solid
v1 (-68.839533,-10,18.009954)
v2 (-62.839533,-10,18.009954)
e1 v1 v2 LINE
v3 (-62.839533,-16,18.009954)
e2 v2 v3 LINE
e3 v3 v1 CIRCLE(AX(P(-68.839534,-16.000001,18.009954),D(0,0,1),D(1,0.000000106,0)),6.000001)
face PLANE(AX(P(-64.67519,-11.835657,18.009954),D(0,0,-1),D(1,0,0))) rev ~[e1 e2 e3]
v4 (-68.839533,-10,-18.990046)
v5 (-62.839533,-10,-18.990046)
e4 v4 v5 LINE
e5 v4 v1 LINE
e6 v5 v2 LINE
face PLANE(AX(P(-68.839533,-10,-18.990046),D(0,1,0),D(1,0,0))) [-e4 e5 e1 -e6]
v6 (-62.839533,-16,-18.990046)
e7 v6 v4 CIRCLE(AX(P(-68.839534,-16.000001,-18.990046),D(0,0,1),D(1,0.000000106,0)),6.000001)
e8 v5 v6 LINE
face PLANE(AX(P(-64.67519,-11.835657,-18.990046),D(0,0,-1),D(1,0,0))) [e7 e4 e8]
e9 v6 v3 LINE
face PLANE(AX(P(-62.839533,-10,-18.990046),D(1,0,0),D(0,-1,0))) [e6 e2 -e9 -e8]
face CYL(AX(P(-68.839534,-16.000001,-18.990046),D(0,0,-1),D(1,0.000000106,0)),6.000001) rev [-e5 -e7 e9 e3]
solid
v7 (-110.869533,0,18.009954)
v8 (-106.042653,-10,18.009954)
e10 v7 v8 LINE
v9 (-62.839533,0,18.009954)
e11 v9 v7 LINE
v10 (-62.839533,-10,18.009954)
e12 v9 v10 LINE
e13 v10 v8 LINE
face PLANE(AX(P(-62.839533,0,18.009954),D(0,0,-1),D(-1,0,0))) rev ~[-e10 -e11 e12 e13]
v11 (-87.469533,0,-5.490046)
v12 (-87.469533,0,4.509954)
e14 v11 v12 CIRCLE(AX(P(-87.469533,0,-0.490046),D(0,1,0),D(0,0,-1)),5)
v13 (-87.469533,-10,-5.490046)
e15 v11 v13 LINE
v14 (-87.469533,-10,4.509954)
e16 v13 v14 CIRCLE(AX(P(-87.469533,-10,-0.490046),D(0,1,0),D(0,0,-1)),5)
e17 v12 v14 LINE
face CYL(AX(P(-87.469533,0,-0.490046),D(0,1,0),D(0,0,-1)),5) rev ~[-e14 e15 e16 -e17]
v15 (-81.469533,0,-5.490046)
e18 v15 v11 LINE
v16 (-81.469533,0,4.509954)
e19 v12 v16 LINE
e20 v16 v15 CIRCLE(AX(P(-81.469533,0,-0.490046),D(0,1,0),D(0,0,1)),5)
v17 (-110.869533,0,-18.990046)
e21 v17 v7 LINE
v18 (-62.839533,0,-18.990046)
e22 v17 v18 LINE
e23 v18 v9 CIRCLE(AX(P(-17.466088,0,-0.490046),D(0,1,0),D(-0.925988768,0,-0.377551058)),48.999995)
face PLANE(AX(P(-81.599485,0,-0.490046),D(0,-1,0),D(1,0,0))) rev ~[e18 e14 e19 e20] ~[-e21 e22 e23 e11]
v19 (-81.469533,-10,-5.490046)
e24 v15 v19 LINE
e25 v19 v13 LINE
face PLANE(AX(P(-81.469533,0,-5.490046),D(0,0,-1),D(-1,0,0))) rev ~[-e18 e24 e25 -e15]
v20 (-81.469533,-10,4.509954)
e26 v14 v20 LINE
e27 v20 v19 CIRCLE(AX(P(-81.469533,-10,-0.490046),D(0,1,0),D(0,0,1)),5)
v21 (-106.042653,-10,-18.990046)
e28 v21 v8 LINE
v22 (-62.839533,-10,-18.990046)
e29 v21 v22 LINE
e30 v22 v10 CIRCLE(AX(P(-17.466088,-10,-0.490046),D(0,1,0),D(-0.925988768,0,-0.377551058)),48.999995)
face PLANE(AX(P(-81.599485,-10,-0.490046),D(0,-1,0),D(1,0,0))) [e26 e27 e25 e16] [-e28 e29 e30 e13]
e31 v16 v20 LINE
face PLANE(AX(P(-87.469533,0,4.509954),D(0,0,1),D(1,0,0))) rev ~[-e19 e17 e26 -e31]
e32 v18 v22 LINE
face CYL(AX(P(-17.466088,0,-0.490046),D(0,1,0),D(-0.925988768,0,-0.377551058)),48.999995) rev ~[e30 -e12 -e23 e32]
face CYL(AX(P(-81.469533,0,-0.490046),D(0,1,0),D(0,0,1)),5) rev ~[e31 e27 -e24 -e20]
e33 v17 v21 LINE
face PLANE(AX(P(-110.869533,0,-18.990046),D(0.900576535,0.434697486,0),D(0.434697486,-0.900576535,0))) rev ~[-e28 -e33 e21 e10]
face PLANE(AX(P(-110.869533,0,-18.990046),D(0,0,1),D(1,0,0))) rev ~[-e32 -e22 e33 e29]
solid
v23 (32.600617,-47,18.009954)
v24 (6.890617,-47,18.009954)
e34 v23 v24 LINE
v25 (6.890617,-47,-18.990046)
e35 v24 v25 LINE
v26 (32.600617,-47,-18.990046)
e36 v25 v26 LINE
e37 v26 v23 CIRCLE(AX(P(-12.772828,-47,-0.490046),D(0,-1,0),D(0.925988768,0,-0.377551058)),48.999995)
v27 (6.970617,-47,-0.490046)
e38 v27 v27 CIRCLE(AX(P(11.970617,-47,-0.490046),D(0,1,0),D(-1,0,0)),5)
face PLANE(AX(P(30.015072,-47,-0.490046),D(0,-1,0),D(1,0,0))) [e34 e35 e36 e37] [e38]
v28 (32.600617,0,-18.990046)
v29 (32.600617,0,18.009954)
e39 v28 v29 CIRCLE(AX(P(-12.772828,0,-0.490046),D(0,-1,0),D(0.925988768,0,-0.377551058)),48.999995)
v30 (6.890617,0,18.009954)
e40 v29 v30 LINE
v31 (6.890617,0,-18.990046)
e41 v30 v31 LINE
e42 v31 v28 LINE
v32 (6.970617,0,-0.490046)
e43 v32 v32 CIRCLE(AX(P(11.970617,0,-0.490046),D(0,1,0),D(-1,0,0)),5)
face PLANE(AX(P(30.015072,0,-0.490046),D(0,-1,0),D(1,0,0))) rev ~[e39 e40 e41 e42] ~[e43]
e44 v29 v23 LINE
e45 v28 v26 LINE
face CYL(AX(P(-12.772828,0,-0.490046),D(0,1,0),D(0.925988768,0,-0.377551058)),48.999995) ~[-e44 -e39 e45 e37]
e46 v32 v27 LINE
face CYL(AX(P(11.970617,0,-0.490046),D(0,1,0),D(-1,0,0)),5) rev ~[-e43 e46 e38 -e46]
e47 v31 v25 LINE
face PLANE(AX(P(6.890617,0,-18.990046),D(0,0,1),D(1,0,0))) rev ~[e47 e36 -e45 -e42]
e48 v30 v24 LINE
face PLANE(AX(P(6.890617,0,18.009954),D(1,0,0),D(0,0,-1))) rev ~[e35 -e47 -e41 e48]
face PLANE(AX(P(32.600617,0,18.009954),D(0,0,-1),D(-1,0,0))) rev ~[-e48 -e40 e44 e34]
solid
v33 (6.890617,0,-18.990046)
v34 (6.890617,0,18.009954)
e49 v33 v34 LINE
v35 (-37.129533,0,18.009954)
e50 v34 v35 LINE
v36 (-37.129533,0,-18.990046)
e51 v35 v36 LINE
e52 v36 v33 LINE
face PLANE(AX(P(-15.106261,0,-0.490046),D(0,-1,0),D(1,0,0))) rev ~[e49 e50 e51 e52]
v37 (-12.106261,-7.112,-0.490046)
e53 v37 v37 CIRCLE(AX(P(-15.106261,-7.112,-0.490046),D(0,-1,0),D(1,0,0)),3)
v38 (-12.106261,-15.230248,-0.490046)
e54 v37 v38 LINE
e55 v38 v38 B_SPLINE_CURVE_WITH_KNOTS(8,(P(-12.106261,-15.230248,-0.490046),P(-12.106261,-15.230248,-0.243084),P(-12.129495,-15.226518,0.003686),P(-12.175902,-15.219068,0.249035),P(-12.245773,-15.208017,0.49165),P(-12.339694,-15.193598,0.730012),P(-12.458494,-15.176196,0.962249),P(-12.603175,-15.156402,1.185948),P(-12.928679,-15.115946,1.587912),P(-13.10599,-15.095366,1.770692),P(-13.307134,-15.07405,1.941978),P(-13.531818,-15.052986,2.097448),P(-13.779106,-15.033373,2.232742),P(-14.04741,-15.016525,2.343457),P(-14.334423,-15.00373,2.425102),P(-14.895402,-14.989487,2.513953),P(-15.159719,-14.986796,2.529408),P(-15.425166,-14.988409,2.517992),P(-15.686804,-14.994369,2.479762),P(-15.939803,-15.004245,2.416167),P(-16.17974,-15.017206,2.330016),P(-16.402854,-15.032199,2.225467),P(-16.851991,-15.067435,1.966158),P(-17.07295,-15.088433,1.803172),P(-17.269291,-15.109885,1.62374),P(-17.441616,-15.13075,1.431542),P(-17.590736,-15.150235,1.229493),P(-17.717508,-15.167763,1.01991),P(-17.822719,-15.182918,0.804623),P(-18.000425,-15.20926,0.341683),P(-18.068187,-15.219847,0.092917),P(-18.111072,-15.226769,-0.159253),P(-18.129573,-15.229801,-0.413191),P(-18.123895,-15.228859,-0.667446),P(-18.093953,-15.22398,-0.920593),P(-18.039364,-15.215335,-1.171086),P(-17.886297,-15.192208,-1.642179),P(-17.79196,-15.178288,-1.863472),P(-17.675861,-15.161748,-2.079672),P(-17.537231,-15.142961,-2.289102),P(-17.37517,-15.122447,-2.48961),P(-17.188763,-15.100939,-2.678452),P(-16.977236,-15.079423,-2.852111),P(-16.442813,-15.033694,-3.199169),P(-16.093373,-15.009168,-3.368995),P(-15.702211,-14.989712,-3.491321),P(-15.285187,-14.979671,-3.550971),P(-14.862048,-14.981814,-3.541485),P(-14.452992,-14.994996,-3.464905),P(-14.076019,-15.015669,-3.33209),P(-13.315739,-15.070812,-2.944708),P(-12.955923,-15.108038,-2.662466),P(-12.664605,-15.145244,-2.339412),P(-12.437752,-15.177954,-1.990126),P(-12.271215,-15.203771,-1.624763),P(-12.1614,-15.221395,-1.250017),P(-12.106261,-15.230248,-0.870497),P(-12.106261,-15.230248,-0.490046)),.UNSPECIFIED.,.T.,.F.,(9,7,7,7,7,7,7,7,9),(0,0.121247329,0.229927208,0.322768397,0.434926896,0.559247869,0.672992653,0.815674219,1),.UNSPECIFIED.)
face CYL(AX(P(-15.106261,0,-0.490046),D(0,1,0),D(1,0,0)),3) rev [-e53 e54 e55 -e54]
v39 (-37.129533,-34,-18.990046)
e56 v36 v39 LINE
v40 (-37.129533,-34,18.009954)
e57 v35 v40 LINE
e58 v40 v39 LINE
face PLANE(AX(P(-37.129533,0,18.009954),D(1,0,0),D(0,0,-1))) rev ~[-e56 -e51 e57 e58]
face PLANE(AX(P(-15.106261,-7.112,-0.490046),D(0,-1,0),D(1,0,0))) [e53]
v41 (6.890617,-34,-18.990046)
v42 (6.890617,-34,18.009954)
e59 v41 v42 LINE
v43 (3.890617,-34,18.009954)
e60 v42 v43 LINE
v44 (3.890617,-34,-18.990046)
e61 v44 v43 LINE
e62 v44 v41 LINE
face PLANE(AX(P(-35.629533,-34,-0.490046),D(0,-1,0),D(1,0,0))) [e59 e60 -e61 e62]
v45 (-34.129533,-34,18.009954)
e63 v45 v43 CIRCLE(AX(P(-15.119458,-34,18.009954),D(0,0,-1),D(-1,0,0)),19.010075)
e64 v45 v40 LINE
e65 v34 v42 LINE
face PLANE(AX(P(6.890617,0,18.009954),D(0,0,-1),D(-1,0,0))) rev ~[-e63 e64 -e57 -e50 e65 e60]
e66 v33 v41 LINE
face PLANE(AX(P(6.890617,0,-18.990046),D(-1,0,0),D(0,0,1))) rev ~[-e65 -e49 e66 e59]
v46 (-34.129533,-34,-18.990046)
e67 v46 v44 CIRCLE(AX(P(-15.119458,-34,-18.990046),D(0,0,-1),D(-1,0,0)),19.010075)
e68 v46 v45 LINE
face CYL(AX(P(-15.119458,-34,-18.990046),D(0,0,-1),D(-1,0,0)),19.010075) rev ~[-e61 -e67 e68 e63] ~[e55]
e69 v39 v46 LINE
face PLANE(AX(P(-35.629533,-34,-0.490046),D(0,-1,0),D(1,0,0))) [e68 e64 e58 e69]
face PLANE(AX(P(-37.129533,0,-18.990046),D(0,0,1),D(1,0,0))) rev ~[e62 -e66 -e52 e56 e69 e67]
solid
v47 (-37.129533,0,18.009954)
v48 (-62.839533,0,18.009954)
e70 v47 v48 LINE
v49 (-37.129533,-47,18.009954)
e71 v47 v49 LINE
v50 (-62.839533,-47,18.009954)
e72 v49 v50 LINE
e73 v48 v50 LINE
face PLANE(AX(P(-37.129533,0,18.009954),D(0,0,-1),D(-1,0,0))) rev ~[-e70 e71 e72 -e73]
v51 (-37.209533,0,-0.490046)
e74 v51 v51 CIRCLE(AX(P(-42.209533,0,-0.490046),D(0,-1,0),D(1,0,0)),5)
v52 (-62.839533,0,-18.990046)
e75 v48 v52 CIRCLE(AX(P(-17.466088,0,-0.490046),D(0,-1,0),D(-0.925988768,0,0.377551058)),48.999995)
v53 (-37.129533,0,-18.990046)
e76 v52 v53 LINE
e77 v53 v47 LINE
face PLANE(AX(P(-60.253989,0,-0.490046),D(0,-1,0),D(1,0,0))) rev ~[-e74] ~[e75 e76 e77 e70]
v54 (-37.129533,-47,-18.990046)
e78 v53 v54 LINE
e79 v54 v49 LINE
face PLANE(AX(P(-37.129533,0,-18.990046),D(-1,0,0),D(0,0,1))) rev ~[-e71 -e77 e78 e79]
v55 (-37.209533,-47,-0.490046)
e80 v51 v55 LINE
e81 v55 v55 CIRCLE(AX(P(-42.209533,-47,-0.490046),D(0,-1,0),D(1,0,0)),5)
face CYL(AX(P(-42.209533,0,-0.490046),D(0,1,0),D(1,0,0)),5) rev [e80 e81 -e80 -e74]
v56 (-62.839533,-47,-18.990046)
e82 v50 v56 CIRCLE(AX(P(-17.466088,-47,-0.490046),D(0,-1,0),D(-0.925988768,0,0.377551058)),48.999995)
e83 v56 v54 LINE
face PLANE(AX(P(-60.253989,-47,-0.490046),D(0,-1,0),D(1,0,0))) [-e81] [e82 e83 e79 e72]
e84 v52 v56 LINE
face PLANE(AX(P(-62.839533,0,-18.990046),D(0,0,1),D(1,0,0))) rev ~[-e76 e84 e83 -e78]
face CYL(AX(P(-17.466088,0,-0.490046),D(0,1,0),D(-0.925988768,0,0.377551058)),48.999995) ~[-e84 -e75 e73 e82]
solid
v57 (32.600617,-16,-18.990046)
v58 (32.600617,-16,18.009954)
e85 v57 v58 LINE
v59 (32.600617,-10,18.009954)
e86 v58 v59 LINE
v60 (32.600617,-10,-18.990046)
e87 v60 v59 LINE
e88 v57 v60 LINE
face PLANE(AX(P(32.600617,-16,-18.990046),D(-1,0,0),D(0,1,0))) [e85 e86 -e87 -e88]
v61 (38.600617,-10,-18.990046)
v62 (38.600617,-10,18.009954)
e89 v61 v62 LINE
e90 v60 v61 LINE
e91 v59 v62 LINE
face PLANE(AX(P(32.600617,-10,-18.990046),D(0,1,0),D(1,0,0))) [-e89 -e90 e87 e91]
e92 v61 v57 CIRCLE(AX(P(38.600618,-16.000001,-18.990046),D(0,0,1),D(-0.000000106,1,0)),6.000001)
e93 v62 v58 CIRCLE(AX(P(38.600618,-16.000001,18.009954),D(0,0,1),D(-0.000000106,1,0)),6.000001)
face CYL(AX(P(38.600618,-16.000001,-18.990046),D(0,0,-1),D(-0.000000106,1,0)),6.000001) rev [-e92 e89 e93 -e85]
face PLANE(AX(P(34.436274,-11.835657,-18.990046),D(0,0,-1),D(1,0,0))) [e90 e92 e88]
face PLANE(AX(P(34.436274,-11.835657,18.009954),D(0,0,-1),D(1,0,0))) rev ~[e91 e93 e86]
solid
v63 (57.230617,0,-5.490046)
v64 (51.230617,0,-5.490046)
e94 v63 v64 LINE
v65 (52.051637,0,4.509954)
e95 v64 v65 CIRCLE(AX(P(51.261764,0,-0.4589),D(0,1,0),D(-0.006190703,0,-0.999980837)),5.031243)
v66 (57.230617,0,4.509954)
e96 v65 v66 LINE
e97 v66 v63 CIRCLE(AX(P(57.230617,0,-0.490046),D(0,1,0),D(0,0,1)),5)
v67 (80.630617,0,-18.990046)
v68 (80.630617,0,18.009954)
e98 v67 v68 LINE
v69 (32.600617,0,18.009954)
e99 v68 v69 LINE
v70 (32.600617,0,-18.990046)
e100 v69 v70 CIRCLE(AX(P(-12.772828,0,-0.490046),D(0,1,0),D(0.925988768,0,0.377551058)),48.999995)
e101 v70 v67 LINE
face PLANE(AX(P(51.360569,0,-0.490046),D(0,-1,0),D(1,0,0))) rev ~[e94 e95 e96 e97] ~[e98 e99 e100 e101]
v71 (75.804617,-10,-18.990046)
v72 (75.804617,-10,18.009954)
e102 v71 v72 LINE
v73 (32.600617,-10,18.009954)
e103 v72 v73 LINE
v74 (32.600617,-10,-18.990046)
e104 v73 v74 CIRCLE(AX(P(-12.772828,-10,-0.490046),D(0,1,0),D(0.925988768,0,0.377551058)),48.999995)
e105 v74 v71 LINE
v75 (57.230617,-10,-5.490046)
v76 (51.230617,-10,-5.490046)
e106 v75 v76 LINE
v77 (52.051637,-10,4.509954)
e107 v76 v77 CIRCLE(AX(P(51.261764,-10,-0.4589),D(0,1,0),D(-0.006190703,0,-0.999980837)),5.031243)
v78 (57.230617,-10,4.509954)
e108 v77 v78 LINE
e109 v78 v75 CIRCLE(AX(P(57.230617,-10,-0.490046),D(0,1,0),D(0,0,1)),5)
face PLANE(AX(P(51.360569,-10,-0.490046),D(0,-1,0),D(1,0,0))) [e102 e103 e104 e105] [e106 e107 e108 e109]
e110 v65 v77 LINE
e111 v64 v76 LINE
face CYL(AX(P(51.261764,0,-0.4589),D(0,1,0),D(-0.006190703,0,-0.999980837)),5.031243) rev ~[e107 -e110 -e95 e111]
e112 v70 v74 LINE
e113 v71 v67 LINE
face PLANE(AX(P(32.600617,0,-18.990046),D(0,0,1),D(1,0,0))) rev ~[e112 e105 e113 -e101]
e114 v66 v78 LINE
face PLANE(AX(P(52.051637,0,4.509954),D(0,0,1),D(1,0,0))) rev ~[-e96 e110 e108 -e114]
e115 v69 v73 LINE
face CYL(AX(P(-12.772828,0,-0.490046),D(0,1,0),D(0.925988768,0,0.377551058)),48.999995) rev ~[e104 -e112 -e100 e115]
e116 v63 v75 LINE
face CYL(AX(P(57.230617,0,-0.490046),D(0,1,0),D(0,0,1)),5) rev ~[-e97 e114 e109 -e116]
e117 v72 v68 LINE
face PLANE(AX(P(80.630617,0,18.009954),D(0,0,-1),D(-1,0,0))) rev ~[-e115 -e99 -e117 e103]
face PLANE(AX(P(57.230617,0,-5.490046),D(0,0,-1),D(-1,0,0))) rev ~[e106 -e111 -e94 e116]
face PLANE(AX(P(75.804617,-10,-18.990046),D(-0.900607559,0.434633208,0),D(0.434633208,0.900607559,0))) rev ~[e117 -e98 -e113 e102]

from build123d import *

# Parameters (mm, degrees)
F0_W      = 11.4
F0_H      = 37
F1_DEPTH  = 10
F0_R      = 5
F2_DEPTH  = 47
F0_W_2    = 38
F0_R_2    = 3
F3_DEPTH  = 34
F5_DEPTH  = 127
F7_DEPTH  = 101.6
F9_DEPTH  = 101.6
F11_DEPTH = 37
F13_DEPTH = 37
F14_DEPTH = 7.112


with BuildPart() as f1:
    # F0 (on Front) → F1 (new body)
    with BuildSketch(Plane.XZ):
        with BuildLine():
            Line((-62.839533, 18.009954), (-99.469533, 18.009954))
            Line((-99.469533, 18.009954), (-99.469533, -18.990046))
            Line((-99.469533, -18.990046), (-62.839533, -18.990046))
            ThreePointArc((-62.839533, -18.990046), (-66.466083, -0.490046), (-62.839533, 18.009954))
        make_face()
        with BuildLine():
            ThreePointArc((-87.469533, -5.490046), (-92.469533, -0.490046), (-87.469533, 4.509954))
            Line((-87.469533, 4.509954), (-81.469533, 4.509954))
            ThreePointArc((-81.469533, 4.509954), (-76.469533, -0.490046), (-81.469533, -5.490046))
            Line((-81.469533, -5.490046), (-87.469533, -5.490046))
        make_face(mode=Mode.SUBTRACT)
        with BuildLine():
            Line((36.610467, 18.009954), (32.600617, 18.009954))
            ThreePointArc((32.600617, 18.009954), (36.227167, -0.490046), (32.600617, -18.990046))
            Line((32.600617, -18.990046), (36.610467, -18.990046))
            Line((36.610467, -18.990046), (69.230617, -18.990046))
            Line((69.230617, -18.990046), (69.230617, 18.009954))
            Line((69.230617, 18.009954), (36.610467, 18.009954))
        make_face()
        with BuildLine():
            ThreePointArc((57.230617, 4.509954), (62.230617, -0.490046), (57.230617, -5.490046))
            Line((57.230617, -5.490046), (51.230617, -5.490046))
            ThreePointArc((51.230617, -5.490046), (46.247393, -0.047209), (52.051637, 4.509954))
            Line((52.051637, 4.509954), (57.230617, 4.509954))
        make_face(mode=Mode.SUBTRACT)
        with Locations((74.930617, -0.490046)):
            Rectangle(F0_W, F0_H)
        with Locations((-105.169533, -0.490046)):
            Rectangle(F0_W, F0_H)
    extrude(amount=F1_DEPTH)

    # F6 (on face) → F7 (cut)
    with BuildSketch(Plane(origin=(0, 0, -18.990046), x_dir=(1, 0, 0), z_dir=(0, 0, -1))):
        Polygon((-110.869533, 0), (-106.042653, 10), (-110.869533, 10), align=None)
    extrude(amount=-F7_DEPTH, mode=Mode.SUBTRACT)

    # F8 (on face) → F9 (cut)
    with BuildSketch(Plane(origin=(0, 0, -18.990046), x_dir=(1, 0, 0), z_dir=(0, 0, -1))):
        Polygon((75.804617, 10), (80.630617, 0), (80.630617, 10), align=None)
    extrude(amount=-F9_DEPTH, mode=Mode.SUBTRACT)


with BuildPart() as f2:
    # F0 (on Front) → F2 (new body)
    with BuildSketch(Plane.XZ):
        with BuildLine():
            Line((-53.949533, 18.009954), (-62.839533, 18.009954))
            ThreePointArc((-62.839533, 18.009954), (-66.466083, -0.490046), (-62.839533, -18.990046))
            Line((-62.839533, -18.990046), (-53.949533, -18.990046))
            ThreePointArc((-53.949533, -18.990046), (-58.132656, -0.490046), (-53.949533, 18.009954))
        make_face()
        with BuildLine():
            Line((32.600617, 18.009954), (23.710617, 18.009954))
            ThreePointArc((23.710617, 18.009954), (27.893739, -0.490046), (23.710617, -18.990046))
            Line((23.710617, -18.990046), (32.600617, -18.990046))
            ThreePointArc((32.600617, -18.990046), (36.227167, -0.490046), (32.600617, 18.009954))
        make_face()
        with BuildLine():
            Line((-37.129533, 18.009954), (-53.949533, 18.009954))
            ThreePointArc((-53.949533, 18.009954), (-58.132656, -0.490046), (-53.949533, -18.990046))
            Line((-53.949533, -18.990046), (-37.129533, -18.990046))
            Line((-37.129533, -18.990046), (-37.129533, -0.490046))
            Line((-37.129533, -0.490046), (-37.129533, 18.009954))
        make_face()
        with Locations((-42.209533, -0.490046)):
            Circle(F0_R, mode=Mode.SUBTRACT)
        with BuildLine():
            Line((23.710617, 18.009954), (6.890617, 18.009954))
            Line((6.890617, 18.009954), (6.890617, -0.490046))
            Line((6.890617, -0.490046), (6.890617, -18.990046))
            Line((6.890617, -18.990046), (23.710617, -18.990046))
            ThreePointArc((23.710617, -18.990046), (27.893739, -0.490046), (23.710617, 18.009954))
        make_face()
        with BuildLine():
            ThreePointArc((16.970617, -0.490046), (11.970617, -5.490046), (6.970617, -0.490046))
            ThreePointArc((6.970617, -0.490046), (11.970617, 4.509954), (16.970617, -0.490046))
        make_face(mode=Mode.SUBTRACT)
    extrude(amount=F2_DEPTH)


with BuildPart() as f3:
    # F0 (on Front) → F3 (new body)
    with BuildSketch(Plane.XZ):
        Polygon((-34.129533, 18.009954), (-37.129533, 18.009954), (-37.129533, -0.490046), (-37.129533, -18.990046), (-34.129533, -18.990046), align=None)
        Polygon((6.890617, 18.009954), (3.870467, 18.009954), (3.870467, -18.990046), (6.890617, -18.990046), (6.890617, -0.490046), align=None)
        with Locations((-15.129533, -0.490046)):
            Rectangle(F0_W_2, F0_H)
        with Locations((-15.106261, -0.490046)):
            Circle(F0_R_2, mode=Mode.SUBTRACT)
    extrude(amount=F3_DEPTH)

    # F4 (on face) → F5 (cut)
    with BuildSketch(Plane(origin=(0, 0, -18.990046), x_dir=(1, 0, 0), z_dir=(0, 0, -1))):
        with BuildLine():
            ThreePointArc((-34.129533, 34), (-15.119458, 14.989925), (3.890617, 34))
            Line((3.890617, 34), (-34.129533, 34))
        make_face()
    extrude(amount=-F5_DEPTH, mode=Mode.SUBTRACT)

    # F0 (on Front) → F14 (join)
    with BuildSketch(Plane.XZ):
        with Locations((-15.106261, -0.490046)):
            Circle(F0_R_2)
    extrude(amount=F14_DEPTH)


with BuildPart() as f11:
    # F10 (on face) → F11 (new body)
    with BuildSketch(Plane(origin=(0, 0, -18.990046), x_dir=(1, 0, 0), z_dir=(0, 0, -1))):
        with BuildLine():
            Line((32.600617, 10), (38.600617, 10))
            ThreePointArc((38.600617, 10), (34.357977, 11.757359), (32.600617, 16))
            Line((32.600617, 16), (32.600617, 10))
        make_face()
    extrude(amount=-F11_DEPTH)


with BuildPart() as f13:
    # F12 (on face) → F13 (new body)
    with BuildSketch(Plane(origin=(0, 0, -18.990046), x_dir=(1, 0, 0), z_dir=(0, 0, -1))):
        with BuildLine():
            ThreePointArc((-62.839533, 16), (-64.596893, 11.757359), (-68.839533, 10))
            Line((-68.839533, 10), (-62.839533, 10))
            Line((-62.839533, 10), (-62.839533, 16))
        make_face()
    extrude(amount=-F13_DEPTH)


solid = Compound([f1.part, f2.part, f3.part, f11.part, f13.part])
